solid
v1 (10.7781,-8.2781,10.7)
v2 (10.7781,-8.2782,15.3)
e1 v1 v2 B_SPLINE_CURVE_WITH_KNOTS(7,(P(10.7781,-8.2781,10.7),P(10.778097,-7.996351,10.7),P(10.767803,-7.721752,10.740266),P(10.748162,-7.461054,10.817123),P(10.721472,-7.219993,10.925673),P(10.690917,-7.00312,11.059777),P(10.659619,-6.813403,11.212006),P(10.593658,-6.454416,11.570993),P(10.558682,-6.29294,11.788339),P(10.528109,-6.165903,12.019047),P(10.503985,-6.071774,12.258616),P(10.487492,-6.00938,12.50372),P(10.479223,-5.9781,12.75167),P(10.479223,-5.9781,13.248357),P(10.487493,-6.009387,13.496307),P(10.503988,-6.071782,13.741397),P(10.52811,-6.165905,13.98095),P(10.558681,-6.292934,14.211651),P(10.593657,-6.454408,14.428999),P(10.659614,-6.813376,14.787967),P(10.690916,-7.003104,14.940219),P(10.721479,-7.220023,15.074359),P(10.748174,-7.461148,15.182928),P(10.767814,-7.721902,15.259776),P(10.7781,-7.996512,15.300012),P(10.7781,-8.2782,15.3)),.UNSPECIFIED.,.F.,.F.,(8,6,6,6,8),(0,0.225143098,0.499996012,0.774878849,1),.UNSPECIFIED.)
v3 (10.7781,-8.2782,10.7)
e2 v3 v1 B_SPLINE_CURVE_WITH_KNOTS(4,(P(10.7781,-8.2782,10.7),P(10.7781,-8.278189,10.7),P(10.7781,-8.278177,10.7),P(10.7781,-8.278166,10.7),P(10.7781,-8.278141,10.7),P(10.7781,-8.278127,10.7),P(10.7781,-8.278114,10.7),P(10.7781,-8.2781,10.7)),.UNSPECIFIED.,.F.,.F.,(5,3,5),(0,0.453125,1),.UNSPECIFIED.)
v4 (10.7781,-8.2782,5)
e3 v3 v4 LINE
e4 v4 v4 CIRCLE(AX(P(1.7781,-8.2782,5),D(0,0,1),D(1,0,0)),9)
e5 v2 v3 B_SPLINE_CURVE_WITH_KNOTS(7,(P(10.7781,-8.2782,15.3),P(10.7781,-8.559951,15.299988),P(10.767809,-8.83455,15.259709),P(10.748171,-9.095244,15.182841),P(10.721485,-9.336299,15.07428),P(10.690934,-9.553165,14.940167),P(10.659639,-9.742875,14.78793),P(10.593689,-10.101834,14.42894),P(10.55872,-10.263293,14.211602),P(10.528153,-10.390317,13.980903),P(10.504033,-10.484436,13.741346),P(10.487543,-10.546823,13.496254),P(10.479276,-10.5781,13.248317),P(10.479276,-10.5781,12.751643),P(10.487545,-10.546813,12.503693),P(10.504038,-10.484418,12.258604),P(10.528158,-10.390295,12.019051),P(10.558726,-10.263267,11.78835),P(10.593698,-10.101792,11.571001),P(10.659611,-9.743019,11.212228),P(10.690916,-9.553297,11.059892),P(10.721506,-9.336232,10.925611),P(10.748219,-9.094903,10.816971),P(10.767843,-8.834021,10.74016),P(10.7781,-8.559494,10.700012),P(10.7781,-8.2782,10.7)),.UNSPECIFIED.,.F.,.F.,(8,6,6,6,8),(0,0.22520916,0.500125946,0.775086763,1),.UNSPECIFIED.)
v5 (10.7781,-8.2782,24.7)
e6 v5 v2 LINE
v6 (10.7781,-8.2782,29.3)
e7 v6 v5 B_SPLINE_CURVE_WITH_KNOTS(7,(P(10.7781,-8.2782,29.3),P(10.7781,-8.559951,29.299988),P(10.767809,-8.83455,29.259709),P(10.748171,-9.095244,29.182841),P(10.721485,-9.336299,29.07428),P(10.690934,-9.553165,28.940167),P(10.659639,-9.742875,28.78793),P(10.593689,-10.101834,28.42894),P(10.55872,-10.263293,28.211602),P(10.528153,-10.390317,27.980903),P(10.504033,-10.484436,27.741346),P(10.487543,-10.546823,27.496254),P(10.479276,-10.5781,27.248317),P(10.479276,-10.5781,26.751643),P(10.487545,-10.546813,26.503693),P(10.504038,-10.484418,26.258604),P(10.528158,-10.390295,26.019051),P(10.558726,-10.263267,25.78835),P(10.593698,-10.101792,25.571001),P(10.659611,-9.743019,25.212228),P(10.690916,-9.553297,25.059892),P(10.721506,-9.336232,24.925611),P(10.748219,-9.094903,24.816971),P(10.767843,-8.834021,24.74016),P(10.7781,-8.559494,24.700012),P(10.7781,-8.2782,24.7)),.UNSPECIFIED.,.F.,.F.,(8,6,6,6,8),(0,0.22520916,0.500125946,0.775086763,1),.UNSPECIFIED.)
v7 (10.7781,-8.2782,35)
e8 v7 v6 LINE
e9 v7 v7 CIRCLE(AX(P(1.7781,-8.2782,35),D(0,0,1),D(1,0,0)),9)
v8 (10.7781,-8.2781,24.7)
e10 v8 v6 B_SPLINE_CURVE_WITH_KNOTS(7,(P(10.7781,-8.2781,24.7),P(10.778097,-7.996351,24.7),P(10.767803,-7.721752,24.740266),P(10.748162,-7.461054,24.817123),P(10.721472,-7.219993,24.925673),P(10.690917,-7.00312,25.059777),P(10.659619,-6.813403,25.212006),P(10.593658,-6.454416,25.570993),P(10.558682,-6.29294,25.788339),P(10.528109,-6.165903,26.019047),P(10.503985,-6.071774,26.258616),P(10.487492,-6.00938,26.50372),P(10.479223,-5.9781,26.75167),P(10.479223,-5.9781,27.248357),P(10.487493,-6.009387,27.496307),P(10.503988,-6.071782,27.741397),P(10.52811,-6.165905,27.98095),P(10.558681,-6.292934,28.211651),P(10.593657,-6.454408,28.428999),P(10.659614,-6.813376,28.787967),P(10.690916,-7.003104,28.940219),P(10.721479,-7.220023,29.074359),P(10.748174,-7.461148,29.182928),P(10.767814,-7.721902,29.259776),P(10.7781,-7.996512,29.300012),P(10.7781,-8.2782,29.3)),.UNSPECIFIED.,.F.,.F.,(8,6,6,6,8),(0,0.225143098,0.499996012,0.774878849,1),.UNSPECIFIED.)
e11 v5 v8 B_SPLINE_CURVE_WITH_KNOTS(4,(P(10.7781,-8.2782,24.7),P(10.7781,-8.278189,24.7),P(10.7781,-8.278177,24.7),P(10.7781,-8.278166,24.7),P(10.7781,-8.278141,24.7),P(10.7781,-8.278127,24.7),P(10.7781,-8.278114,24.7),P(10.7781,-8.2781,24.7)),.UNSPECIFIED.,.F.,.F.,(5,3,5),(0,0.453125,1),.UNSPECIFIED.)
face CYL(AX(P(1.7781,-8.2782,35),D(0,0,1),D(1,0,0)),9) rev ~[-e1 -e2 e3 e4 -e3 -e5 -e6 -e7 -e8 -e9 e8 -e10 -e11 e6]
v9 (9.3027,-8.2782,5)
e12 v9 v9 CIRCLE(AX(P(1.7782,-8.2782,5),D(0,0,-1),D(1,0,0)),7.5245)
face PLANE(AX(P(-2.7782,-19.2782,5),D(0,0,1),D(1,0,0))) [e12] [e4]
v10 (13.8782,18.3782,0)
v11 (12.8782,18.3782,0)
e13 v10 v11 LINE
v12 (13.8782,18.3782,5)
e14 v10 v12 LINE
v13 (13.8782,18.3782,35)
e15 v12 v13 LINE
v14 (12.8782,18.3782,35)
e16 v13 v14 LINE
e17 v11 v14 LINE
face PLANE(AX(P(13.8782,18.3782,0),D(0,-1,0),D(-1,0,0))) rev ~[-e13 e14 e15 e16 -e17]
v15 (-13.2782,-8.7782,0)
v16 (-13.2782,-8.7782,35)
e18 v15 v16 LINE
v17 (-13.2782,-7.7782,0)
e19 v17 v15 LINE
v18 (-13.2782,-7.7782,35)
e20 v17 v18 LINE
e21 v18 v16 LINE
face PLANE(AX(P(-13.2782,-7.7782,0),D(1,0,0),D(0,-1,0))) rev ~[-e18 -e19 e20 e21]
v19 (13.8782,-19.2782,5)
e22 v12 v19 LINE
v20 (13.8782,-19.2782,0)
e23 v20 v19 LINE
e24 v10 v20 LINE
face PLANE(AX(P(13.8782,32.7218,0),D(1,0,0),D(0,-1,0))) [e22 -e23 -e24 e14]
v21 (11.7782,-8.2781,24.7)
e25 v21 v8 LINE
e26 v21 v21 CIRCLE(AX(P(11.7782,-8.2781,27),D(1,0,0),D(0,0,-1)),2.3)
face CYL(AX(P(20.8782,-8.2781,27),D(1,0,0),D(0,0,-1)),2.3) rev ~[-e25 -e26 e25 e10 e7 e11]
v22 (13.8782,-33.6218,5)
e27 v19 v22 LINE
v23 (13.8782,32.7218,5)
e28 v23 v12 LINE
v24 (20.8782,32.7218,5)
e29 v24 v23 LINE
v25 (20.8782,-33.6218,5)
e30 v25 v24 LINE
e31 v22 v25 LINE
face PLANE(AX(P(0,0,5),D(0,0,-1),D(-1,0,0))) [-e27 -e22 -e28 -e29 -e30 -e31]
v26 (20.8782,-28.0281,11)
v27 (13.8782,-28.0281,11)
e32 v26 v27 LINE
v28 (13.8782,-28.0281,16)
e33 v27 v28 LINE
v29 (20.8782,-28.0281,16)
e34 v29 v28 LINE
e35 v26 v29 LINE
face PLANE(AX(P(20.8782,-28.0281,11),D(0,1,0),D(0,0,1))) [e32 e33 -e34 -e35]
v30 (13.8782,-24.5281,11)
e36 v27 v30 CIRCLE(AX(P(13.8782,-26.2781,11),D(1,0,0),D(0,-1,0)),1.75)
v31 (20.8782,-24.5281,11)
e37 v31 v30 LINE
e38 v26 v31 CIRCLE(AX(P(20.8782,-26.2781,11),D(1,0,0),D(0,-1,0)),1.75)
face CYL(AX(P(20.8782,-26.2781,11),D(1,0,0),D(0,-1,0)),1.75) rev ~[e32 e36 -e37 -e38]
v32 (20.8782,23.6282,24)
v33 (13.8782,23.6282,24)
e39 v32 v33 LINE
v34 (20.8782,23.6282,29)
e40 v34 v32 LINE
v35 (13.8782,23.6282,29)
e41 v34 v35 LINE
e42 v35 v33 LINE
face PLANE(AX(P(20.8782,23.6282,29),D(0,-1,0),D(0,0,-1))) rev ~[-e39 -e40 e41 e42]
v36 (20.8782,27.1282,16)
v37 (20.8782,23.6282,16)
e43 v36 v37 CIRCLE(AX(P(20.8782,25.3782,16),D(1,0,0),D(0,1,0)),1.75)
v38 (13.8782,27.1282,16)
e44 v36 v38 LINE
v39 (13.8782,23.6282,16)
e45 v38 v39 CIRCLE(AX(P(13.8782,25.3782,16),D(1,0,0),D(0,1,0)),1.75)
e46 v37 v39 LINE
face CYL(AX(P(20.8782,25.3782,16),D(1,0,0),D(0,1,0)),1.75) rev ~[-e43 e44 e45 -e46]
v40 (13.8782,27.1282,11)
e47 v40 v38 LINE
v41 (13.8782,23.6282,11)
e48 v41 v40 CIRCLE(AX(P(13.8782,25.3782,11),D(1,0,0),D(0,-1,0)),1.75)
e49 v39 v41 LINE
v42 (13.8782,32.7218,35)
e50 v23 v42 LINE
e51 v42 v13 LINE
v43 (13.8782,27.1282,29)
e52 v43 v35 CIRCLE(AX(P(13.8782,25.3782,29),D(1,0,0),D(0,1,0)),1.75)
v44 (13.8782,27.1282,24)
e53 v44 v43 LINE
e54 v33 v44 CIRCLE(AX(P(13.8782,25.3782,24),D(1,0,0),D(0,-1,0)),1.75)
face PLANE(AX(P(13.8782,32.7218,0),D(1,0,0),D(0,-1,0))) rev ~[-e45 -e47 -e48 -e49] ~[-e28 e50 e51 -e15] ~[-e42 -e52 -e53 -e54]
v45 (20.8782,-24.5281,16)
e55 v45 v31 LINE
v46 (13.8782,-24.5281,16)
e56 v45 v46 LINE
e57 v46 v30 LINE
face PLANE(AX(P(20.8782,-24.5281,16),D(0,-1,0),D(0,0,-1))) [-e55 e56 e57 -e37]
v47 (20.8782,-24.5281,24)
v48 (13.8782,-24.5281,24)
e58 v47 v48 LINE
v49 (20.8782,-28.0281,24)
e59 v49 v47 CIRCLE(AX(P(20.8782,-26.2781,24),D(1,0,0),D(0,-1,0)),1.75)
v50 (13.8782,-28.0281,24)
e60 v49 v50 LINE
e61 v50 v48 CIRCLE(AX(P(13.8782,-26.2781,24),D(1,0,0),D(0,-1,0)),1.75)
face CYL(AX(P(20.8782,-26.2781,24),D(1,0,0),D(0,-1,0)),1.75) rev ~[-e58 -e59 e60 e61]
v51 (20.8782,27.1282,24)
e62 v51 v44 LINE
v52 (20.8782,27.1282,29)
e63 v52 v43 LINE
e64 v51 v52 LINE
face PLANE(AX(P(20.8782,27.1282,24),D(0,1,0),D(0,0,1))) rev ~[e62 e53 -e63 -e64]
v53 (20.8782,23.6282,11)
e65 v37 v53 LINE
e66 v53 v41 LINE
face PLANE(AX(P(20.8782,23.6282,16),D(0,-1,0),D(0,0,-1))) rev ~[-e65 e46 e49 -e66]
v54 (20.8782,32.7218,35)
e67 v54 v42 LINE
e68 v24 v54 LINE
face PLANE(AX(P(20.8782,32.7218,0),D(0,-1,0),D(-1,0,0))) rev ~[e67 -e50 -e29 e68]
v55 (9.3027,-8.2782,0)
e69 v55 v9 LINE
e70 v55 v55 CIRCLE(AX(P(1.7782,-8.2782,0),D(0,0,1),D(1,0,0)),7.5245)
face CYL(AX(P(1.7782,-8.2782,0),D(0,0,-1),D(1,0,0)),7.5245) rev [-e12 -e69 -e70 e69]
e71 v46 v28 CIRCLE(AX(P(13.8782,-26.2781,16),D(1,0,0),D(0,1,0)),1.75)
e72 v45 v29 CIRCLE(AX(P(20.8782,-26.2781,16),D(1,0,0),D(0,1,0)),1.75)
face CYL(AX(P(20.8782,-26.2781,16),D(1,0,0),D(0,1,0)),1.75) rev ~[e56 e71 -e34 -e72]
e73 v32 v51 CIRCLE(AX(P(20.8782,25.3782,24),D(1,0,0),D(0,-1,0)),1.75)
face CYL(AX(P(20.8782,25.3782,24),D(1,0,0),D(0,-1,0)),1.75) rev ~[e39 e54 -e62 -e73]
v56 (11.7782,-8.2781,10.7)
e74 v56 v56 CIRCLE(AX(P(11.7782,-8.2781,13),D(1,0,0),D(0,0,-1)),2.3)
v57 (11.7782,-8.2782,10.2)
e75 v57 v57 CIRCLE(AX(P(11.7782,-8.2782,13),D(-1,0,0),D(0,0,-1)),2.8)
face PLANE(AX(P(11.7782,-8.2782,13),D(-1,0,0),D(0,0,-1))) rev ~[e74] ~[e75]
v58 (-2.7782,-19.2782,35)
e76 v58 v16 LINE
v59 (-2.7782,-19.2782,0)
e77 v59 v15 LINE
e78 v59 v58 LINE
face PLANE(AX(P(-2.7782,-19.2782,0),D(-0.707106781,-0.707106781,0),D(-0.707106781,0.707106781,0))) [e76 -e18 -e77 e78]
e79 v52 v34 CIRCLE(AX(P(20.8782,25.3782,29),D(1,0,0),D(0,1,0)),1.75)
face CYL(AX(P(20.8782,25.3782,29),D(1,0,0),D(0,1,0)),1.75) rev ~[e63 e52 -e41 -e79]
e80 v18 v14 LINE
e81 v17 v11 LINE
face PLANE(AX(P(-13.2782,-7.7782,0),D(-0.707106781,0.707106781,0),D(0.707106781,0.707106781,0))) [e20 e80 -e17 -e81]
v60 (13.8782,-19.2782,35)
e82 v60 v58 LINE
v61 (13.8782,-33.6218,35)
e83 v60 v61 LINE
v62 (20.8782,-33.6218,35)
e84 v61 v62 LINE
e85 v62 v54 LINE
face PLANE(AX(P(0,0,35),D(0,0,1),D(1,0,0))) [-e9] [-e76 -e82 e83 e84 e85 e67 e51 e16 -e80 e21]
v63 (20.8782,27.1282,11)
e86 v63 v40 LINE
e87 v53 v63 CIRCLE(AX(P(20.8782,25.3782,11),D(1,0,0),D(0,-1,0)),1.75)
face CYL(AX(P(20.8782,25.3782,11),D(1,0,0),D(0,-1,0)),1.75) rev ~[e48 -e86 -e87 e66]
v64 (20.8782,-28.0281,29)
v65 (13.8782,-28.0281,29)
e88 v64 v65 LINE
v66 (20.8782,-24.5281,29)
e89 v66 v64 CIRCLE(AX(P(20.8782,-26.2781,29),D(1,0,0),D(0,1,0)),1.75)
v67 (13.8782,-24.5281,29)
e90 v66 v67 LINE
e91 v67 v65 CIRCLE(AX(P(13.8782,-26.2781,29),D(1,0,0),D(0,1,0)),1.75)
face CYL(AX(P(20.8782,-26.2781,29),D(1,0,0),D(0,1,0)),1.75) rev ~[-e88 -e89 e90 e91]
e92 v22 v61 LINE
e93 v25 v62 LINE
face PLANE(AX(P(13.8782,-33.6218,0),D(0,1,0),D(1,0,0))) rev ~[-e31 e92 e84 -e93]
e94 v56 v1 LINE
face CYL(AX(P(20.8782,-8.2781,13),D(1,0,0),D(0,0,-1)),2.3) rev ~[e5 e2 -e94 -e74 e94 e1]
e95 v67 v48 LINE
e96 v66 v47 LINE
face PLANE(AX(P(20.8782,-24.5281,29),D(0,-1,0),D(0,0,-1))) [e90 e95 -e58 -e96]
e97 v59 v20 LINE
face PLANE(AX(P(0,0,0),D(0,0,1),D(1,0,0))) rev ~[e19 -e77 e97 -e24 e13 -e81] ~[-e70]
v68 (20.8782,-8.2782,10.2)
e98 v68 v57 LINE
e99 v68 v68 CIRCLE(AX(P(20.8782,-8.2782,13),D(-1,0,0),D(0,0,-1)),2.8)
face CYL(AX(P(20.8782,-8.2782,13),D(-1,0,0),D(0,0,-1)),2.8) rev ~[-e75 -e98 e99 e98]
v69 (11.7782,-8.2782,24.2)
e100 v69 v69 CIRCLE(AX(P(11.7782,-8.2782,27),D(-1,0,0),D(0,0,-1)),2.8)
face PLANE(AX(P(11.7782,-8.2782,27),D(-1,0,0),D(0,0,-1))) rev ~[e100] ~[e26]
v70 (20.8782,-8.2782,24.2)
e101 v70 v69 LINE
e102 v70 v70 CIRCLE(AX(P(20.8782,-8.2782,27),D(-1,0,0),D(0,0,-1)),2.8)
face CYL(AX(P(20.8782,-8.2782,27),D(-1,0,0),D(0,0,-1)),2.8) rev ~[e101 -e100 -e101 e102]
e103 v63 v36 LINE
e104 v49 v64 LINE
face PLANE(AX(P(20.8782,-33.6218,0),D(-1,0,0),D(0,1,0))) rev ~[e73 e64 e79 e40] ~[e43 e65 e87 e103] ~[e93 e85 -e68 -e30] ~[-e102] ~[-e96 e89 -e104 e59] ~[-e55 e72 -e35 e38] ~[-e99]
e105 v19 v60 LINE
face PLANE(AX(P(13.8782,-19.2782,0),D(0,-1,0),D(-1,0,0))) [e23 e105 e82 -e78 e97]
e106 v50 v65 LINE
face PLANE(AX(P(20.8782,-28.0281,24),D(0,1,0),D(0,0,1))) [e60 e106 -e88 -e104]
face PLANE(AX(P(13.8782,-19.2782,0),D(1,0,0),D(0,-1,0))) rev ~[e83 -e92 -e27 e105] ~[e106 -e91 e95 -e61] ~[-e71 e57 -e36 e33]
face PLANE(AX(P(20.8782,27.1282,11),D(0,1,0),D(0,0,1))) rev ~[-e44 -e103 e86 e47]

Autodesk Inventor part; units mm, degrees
ref_plane "Work Plane1" through (0, 0, 0) normal (0, 0, 1) x (1, 0, 0)
sketch "Sketch1" plane through (0, 0, 0) normal (0, 0, 1) x (1, 0, 0)
  circle A0 centre (1.7782, -8.2782) radius 7.5245 construction
  line L0 (-2.7782, -19.2782) -> (-13.7782, -8.2782) construction
  line L1 (13.7782, -19.2782) -> (-2.7782, -19.2782) construction
  line L2 (13.7782, 19.2782) -> (13.7782, -19.2782) construction
  line L3 (-13.7782, -8.2782) -> (13.7782, 19.2782) construction
  line L4 (13.8782, -19.2782) -> (-2.7782, -19.2782)
  line L5 (-2.7782, -19.2782) -> (-13.2782, -8.7782)
  circle A1 centre (1.7782, -8.2782) radius 7.5245
  line L6 (-13.2782, -7.7782) -> (12.8782, 18.3782)
  line L7 (-13.7782, -8.2782) -> (13.7782, 19.2782) construction
  line L8 (13.7782, 19.2782) -> (13.7782, 36.7218) construction
  line L9 (13.7782, 36.7218) -> (-18.2218, 36.7218) construction
  line L10 (-13.2782, -7.7782) -> (-13.2782, -8.7782)
  line L11 (20.8782, 32.7218) -> (13.8782, 32.7218)
  line L12 (13.8782, -33.6218) -> (20.8782, -33.6218)
  line L13 (20.8782, -33.6218) -> (20.8782, 32.7218)
  line L14 (13.8782, 18.3782) -> (12.8782, 18.3782)
  line L15 (13.8782, 32.7218) -> (13.8782, 18.3782)
  line L16 (13.8782, -19.2782) -> (13.8782, -33.6218)
  line L17 (13.7782, -19.2782) -> (-2.7782, -19.2782) projected
  line L18 (-2.7782, -19.2782) -> (-13.7782, -8.2782) projected
  line L19 (-18.2218, 36.7218) -> (-18.2218, -48.2782) projected
  line L20 (-18.2218, -48.2782) -> (13.7782, -48.2782) projected
  line L21 (13.7782, -48.2782) -> (13.7782, -19.2782) projected
  point P0 (0, 0)
  dimension "d0" = 0
  dimension "d4" = 0.1
  dimension "d5" = 1
  dimension "d6" = 1
  dimension "d7" = 0
  dimension "d8" = 0
  dimension "d9" = 0
  dimension "d10" = 7
  dimension "d11" = 4
  dimension "d13" = 66.3436
ref_plane "Work Plane2" through (-18.2218, -48.2782, 35.3062) normal (0, 0, 1) x (1, 0, 0)
extrude "Main Part Body" add sketch "Sketch1" along normal blind 35
ref_plane "Work Plane3" through (0, 0, 5) normal (0, 0, -1) x (-1, 0, 0)
sketch "Sketch2" plane through (-2.7782, -19.2782, 35) normal (0, 0, 1) x (1, 0, 0)
  circle A0 centre (4.5563, 11) radius 9
  circle A1 centre (4.5563, 11) radius 7.5245 construction
  dimension "d59" = 18
extrude "Bore for SM05" cut sketch "Sketch2" against normal up to surface (30 mm away)
sketch "Sketch3" plane through (20.8782, -33.6218, 35.3062) normal (1, 0, 0) x (0, 0, -1)
  circle A0 centre (22.3062, 25.3437) radius 2.3
  circle A1 centre (8.3062, 25.3437) radius 2.3
  line L0 (42.3062, 25.3437) -> (-6.6938, 25.3437) construction
  line L1 (30.3062, 79.6124) -> (30.3062, -13.2687) construction
  line L2 (35.3062, 0) -> (35.3062, 66.3437) construction
  line L3 (35.3062, 66.3437) -> (0.3062, 66.3437) construction
  line L4 (0.3062, 0) -> (0.3062, 66.3437) construction
  line L5 (35.3062, 0) -> (0.3062, 0) construction
  point P0 (35.3062, 33.6218)
  dimension "d21" = 4.6
  dimension "d22" = 4.6
  dimension "d27" = 8
  dimension "d52" = 8
extrude "Thru Holes for Lens Tube Set Screws M4" cut sketch "Sketch3" against normal up to next
sketch "Sketch4" plane through (20.8782, -33.6218, 0) normal (1, 0, 0) x (0, 0, -1)
  circle A0 centre (-13, 25.3437) radius 2.3 construction
  circle A1 centre (-27, 25.3437) radius 2.3 construction
  point P0 (0, 33.6218)
hole "Holes for Set Screw Insert M4" at (20.8782, -8.2782, 13) at (20.8782, -8.2782, 27) direction (-1, 0, 0) diameter 5.6 depth 9.1
sketch "Sketch6" plane through (0, 0, 0) normal (0, 0, -1) x (-1, 0, 0)
  line L0 (-20.8782, -33.6218) -> (-20.8782, 32.7218) construction
  line L1 (-13.8782, -33.6218) -> (-20.8782, -33.6218) construction
  line L2 (-13.8782, -19.2782) -> (-13.8782, -33.6218) construction
  line L3 (2.7782, -19.2782) -> (-13.8782, -19.2782) construction
  line L4 (13.2782, -8.7782) -> (2.7782, -19.2782) construction
  line L5 (13.2782, -7.7782) -> (13.2782, -8.7782) construction
  line L6 (-12.8782, 18.3782) -> (13.2782, -7.7782) construction
  line L7 (-13.8782, 18.3782) -> (-12.8782, 18.3782) construction
  line L8 (-13.8782, 32.7218) -> (-13.8782, 18.3782) construction
  line L9 (-20.8782, 32.7218) -> (-13.8782, 32.7218) construction
  circle A0 centre (-1.7782, -8.2782) radius 7.5245 construction
  line L10 (-20.8782, 32.7218) -> (-13.8782, 32.7218)
  line L11 (-13.8782, 32.7218) -> (-13.8782, -33.6218)
  line L12 (-13.8782, -33.6218) -> (-20.8782, -33.6218)
  line L13 (-20.8782, -33.6218) -> (-20.8782, 32.7218)
  point P0 (0, 0)
extrude "Extrusion5" cut sketch "Sketch6" against normal blind 5
sketch "Sketch5" plane through (20.8782, -33.6218, 0) normal (1, 0, 0) x (0, 0, -1)
  circle A0 centre (-27, 25.3437) radius 2.8 construction
  circle A1 centre (-13, 25.3437) radius 2.8 construction
  line L0 (-5, 0) -> (-35, 0) construction
  line L1 (-5, 66.3437) -> (-35, 66.3437) construction
  line L2 (0, 52) -> (-5, 52) construction
  line L3 (0, 14.3437) -> (-5, 14.3437) construction
  line L4 (0, 33.1718) -> (-35, 33.1718) construction
  line L5 (-35.6124, 59) -> (-5, 59) construction
  line L6 (-11, 59) -> (-16, 59) construction
  line L7 (-11, 60.75) -> (-16, 60.75)
  line L8 (-16, 57.25) -> (-11, 57.25)
  arc A2 (-11, 57.25) -> (-11, 60.75) centre (-11, 59) ccw
  arc A3 (-16, 60.75) -> (-16, 57.25) centre (-16, 59) ccw
  line L9 (-24, 59) -> (-29, 59) construction
  line L10 (-24, 60.75) -> (-29, 60.75)
  line L11 (-29, 57.25) -> (-24, 57.25)
  arc A4 (-24, 57.25) -> (-24, 60.75) centre (-24, 59) ccw
  arc A5 (-29, 60.75) -> (-29, 57.25) centre (-29, 59) ccw
  line L12 (-11, 5.5937) -> (-16, 5.5937)
  line L13 (-16, 9.0937) -> (-11, 9.0937)
  arc A6 (-11, 5.5937) -> (-11, 9.0937) centre (-11, 7.3437) ccw
  arc A7 (-16, 9.0937) -> (-16, 5.5937) centre (-16, 7.3437) ccw
  line L14 (-24, 5.5937) -> (-29, 5.5937)
  line L15 (-29, 9.0937) -> (-24, 9.0937)
  arc A8 (-24, 5.5937) -> (-24, 9.0937) centre (-24, 7.3437) ccw
  arc A9 (-29, 9.0937) -> (-29, 5.5937) centre (-29, 7.3437) ccw
  line L16 (-5, 0) -> (-5, 66.3437) projected
  line L17 (-35, 0) -> (-35, 66.3437) projected
  point P0 (0, 33.6218)
  point P1 (-13.5, 59)
  point P2 (-26.5, 59)
  dimension "d37" = 7
  dimension "d40" = 5
  dimension "d41" = 5
  dimension "d42" = 3.5
  dimension "d43" = 3.5
  dimension "d51" = 8
  dimension "d54" = 6
  dimension "d55" = 6
extrude "Slots for Holddown Screws" cut sketch "Sketch5" against normal through all
equation "\"d22\" = d21"
equation "\"d52\" = d27"
equation "\"d41\" = d40"
equation "\"d43\" = d42"
properties part number "Cuvette Holder Adjustable Recv"
